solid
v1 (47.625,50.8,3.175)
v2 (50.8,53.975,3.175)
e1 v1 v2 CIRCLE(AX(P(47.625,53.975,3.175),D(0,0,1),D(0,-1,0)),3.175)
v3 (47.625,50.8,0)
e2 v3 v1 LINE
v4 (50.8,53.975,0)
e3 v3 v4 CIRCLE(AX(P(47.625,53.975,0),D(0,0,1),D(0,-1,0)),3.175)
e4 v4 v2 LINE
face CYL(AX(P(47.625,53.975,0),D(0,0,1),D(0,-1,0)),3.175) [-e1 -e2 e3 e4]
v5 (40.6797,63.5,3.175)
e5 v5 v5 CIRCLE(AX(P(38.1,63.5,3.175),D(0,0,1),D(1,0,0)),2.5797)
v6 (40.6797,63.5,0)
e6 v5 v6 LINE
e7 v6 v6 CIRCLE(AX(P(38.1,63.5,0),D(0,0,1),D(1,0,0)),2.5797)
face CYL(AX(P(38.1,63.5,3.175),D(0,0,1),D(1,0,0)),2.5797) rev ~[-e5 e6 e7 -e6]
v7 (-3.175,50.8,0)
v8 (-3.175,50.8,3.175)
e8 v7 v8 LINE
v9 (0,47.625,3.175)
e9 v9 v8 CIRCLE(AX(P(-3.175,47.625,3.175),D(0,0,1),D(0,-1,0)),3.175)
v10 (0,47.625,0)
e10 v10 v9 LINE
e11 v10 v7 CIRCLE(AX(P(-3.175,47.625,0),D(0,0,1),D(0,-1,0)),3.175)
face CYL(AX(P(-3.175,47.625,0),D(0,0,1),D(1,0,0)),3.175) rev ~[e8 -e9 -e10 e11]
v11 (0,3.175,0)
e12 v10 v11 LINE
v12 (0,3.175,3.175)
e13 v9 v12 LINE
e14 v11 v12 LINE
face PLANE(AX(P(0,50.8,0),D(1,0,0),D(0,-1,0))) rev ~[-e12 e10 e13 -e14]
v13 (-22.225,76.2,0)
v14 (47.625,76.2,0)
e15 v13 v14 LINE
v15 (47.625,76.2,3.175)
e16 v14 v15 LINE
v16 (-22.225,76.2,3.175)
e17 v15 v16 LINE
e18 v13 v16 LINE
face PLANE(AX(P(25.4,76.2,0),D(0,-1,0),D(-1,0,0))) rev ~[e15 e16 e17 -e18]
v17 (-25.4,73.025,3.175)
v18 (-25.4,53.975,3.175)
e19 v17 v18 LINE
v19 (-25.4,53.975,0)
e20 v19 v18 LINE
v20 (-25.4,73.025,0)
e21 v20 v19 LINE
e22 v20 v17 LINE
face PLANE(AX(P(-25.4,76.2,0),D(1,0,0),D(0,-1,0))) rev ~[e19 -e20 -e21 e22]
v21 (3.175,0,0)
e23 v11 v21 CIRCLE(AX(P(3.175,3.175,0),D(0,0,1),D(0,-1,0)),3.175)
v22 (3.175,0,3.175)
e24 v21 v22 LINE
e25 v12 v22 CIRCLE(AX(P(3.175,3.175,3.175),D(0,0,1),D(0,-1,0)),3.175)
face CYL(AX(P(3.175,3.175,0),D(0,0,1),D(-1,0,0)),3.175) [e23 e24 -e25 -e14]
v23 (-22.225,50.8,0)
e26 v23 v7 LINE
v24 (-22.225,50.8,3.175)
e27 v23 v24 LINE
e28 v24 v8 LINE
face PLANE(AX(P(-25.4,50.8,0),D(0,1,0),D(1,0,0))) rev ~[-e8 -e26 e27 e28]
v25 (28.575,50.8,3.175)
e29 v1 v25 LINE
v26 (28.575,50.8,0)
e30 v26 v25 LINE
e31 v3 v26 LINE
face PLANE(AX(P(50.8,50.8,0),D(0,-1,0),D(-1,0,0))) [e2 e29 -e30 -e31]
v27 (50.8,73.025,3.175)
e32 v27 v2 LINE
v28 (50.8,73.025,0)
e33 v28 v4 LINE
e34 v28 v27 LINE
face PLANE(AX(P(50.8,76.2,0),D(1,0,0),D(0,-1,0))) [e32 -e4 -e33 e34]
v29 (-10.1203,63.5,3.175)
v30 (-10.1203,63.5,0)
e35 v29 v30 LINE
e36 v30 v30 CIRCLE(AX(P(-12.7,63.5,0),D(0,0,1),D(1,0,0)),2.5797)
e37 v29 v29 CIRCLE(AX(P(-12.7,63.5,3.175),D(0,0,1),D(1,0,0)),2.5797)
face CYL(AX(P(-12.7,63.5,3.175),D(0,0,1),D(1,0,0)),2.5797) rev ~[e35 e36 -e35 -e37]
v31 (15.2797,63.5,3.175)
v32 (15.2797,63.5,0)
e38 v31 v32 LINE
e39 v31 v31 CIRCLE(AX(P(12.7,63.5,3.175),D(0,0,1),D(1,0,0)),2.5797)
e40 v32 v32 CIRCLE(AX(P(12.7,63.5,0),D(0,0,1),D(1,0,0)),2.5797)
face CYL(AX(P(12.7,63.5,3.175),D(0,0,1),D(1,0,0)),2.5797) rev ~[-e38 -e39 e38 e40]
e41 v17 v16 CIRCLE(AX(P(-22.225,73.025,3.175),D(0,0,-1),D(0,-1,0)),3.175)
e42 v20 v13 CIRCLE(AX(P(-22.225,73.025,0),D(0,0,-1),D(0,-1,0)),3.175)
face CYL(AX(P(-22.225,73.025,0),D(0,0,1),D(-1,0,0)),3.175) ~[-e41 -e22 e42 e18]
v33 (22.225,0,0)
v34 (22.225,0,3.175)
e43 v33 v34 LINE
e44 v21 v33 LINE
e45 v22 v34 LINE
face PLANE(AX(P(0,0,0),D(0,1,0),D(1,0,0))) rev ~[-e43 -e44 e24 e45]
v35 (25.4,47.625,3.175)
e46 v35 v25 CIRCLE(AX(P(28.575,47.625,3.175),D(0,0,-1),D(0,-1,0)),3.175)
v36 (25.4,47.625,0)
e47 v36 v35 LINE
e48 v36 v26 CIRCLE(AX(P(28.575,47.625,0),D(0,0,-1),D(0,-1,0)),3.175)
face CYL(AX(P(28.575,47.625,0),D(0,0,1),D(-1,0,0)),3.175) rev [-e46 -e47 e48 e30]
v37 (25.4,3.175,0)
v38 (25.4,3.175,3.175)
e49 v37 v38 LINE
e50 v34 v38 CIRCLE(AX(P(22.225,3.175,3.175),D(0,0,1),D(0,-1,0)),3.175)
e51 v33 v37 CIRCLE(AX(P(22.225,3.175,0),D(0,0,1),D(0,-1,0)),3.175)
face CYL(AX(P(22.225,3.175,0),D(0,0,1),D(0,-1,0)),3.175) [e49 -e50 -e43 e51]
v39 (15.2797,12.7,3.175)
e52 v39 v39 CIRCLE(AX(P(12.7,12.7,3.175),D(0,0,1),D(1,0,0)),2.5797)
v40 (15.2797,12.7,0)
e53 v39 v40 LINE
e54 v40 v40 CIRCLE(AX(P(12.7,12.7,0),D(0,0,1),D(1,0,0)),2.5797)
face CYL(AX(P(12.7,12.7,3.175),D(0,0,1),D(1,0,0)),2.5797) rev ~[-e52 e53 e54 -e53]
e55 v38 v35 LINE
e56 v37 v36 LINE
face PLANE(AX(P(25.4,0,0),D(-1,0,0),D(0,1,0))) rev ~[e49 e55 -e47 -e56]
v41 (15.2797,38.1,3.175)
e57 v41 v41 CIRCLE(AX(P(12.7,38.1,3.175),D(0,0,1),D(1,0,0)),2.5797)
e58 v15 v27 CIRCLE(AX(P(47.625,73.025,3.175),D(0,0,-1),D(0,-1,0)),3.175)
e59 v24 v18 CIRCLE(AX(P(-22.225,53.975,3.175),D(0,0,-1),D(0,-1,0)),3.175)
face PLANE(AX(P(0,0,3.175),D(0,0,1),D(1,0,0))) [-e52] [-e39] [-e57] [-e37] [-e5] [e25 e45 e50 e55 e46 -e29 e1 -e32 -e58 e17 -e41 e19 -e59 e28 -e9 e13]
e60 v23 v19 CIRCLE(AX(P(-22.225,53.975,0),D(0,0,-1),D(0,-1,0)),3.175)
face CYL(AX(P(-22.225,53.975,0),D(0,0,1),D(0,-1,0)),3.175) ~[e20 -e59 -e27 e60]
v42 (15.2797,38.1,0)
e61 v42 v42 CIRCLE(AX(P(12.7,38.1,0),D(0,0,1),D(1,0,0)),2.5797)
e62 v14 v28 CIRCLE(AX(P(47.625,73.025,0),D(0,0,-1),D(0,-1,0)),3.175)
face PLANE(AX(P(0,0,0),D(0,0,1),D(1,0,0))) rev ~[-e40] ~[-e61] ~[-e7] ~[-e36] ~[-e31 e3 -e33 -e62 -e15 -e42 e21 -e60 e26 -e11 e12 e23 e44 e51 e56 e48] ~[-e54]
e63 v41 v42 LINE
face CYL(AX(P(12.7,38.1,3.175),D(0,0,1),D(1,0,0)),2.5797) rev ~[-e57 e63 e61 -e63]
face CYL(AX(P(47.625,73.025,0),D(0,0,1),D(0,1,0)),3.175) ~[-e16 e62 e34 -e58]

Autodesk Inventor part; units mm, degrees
ref_plane "YZ Plane" through (0, 0, 0) normal (1, 0, 0) x (0, 1, 0)
ref_plane "XZ Plane" through (0, 0, 0) normal (0, 1, 0) x (-1, 0, 0)
ref_plane "XY Plane" through (0, 0, 0) normal (0, 0, 1) x (1, 0, 0)
sketch "Sketch1" plane through (0, 0, 0) normal (0, 0, 1) x (1, 0, 0)
  line L0 (0, 0) -> (25.4, 0)
  line L1 (25.4, 0) -> (25.4, 76.2)
  line L2 (25.4, 76.2) -> (0, 76.2)
  line L3 (0, 76.2) -> (0, 0)
  line L4 (25.4, 76.2) -> (50.8, 76.2)
  line L5 (50.8, 76.2) -> (50.8, 50.8)
  line L6 (50.8, 50.8) -> (25.4, 50.8)
  line L7 (25.4, 50.8) -> (25.4, 76.2)
  line L8 (0, 76.2) -> (-25.4, 76.2)
  line L9 (-25.4, 76.2) -> (-25.4, 50.8)
  line L10 (-25.4, 50.8) -> (0, 50.8)
  line L11 (0, 50.8) -> (0, 76.2)
  dimension "d0" = 25.4
  dimension "d1" = 76.2
  dimension "d2" = 25.4
  dimension "d3" = 25.4
  dimension "d4" = 25.4
  dimension "d5" = 25.4
extrude "Extrusion1" add sketch "Sketch1" along normal blind 3.175
sketch "Sketch2" plane through (0, 0, 3.175) normal (0, 0, 1) x (1, 0, 0)
  line L0 (-25.4, 76.2) -> (-25.4, 50.8) construction
  line L1 (-25.4, 63.5) -> (-12.7, 63.5) construction
  line L2 (-12.7, 63.5) -> (12.7, 63.5) construction
  line L3 (12.7, 63.5) -> (38.1, 63.5) construction
  line L4 (12.7, 63.5) -> (12.7, 38.1) construction
  line L5 (12.7, 38.1) -> (12.7, 12.7) construction
  circle A0 centre (-12.7, 63.5) radius 2.5797
  circle A1 centre (12.7, 63.5) radius 2.5797
  circle A2 centre (38.1, 63.5) radius 2.5797
  circle A3 centre (12.7, 38.1) radius 2.5797
  circle A4 centre (12.7, 12.7) radius 2.5797
  point P0 (0, 0)
  dimension "d8" = 12.7
  dimension "d9" = 25.4
  dimension "d10" = 25.4
  dimension "d11" = 25.4
  dimension "d12" = 25.4
  dimension "d13" = 5.1594
extrude "Extrusion2" cut sketch "Sketch2" against normal blind 3.175
fillet "Fillet1" radius 3.175 8 edges at (50.8, 76.2, 1.5875) (50.8, 50.8, 1.5875) (25.4, 50.8, 1.5875) (25.4, 0, 1.5875) (0, 0, 1.5875) (0, 50.8, 1.5875) (-25.4, 50.8, 1.5875) (-25.4, 76.2, 1.5875)
properties part number "0.125 T-Gusset"
